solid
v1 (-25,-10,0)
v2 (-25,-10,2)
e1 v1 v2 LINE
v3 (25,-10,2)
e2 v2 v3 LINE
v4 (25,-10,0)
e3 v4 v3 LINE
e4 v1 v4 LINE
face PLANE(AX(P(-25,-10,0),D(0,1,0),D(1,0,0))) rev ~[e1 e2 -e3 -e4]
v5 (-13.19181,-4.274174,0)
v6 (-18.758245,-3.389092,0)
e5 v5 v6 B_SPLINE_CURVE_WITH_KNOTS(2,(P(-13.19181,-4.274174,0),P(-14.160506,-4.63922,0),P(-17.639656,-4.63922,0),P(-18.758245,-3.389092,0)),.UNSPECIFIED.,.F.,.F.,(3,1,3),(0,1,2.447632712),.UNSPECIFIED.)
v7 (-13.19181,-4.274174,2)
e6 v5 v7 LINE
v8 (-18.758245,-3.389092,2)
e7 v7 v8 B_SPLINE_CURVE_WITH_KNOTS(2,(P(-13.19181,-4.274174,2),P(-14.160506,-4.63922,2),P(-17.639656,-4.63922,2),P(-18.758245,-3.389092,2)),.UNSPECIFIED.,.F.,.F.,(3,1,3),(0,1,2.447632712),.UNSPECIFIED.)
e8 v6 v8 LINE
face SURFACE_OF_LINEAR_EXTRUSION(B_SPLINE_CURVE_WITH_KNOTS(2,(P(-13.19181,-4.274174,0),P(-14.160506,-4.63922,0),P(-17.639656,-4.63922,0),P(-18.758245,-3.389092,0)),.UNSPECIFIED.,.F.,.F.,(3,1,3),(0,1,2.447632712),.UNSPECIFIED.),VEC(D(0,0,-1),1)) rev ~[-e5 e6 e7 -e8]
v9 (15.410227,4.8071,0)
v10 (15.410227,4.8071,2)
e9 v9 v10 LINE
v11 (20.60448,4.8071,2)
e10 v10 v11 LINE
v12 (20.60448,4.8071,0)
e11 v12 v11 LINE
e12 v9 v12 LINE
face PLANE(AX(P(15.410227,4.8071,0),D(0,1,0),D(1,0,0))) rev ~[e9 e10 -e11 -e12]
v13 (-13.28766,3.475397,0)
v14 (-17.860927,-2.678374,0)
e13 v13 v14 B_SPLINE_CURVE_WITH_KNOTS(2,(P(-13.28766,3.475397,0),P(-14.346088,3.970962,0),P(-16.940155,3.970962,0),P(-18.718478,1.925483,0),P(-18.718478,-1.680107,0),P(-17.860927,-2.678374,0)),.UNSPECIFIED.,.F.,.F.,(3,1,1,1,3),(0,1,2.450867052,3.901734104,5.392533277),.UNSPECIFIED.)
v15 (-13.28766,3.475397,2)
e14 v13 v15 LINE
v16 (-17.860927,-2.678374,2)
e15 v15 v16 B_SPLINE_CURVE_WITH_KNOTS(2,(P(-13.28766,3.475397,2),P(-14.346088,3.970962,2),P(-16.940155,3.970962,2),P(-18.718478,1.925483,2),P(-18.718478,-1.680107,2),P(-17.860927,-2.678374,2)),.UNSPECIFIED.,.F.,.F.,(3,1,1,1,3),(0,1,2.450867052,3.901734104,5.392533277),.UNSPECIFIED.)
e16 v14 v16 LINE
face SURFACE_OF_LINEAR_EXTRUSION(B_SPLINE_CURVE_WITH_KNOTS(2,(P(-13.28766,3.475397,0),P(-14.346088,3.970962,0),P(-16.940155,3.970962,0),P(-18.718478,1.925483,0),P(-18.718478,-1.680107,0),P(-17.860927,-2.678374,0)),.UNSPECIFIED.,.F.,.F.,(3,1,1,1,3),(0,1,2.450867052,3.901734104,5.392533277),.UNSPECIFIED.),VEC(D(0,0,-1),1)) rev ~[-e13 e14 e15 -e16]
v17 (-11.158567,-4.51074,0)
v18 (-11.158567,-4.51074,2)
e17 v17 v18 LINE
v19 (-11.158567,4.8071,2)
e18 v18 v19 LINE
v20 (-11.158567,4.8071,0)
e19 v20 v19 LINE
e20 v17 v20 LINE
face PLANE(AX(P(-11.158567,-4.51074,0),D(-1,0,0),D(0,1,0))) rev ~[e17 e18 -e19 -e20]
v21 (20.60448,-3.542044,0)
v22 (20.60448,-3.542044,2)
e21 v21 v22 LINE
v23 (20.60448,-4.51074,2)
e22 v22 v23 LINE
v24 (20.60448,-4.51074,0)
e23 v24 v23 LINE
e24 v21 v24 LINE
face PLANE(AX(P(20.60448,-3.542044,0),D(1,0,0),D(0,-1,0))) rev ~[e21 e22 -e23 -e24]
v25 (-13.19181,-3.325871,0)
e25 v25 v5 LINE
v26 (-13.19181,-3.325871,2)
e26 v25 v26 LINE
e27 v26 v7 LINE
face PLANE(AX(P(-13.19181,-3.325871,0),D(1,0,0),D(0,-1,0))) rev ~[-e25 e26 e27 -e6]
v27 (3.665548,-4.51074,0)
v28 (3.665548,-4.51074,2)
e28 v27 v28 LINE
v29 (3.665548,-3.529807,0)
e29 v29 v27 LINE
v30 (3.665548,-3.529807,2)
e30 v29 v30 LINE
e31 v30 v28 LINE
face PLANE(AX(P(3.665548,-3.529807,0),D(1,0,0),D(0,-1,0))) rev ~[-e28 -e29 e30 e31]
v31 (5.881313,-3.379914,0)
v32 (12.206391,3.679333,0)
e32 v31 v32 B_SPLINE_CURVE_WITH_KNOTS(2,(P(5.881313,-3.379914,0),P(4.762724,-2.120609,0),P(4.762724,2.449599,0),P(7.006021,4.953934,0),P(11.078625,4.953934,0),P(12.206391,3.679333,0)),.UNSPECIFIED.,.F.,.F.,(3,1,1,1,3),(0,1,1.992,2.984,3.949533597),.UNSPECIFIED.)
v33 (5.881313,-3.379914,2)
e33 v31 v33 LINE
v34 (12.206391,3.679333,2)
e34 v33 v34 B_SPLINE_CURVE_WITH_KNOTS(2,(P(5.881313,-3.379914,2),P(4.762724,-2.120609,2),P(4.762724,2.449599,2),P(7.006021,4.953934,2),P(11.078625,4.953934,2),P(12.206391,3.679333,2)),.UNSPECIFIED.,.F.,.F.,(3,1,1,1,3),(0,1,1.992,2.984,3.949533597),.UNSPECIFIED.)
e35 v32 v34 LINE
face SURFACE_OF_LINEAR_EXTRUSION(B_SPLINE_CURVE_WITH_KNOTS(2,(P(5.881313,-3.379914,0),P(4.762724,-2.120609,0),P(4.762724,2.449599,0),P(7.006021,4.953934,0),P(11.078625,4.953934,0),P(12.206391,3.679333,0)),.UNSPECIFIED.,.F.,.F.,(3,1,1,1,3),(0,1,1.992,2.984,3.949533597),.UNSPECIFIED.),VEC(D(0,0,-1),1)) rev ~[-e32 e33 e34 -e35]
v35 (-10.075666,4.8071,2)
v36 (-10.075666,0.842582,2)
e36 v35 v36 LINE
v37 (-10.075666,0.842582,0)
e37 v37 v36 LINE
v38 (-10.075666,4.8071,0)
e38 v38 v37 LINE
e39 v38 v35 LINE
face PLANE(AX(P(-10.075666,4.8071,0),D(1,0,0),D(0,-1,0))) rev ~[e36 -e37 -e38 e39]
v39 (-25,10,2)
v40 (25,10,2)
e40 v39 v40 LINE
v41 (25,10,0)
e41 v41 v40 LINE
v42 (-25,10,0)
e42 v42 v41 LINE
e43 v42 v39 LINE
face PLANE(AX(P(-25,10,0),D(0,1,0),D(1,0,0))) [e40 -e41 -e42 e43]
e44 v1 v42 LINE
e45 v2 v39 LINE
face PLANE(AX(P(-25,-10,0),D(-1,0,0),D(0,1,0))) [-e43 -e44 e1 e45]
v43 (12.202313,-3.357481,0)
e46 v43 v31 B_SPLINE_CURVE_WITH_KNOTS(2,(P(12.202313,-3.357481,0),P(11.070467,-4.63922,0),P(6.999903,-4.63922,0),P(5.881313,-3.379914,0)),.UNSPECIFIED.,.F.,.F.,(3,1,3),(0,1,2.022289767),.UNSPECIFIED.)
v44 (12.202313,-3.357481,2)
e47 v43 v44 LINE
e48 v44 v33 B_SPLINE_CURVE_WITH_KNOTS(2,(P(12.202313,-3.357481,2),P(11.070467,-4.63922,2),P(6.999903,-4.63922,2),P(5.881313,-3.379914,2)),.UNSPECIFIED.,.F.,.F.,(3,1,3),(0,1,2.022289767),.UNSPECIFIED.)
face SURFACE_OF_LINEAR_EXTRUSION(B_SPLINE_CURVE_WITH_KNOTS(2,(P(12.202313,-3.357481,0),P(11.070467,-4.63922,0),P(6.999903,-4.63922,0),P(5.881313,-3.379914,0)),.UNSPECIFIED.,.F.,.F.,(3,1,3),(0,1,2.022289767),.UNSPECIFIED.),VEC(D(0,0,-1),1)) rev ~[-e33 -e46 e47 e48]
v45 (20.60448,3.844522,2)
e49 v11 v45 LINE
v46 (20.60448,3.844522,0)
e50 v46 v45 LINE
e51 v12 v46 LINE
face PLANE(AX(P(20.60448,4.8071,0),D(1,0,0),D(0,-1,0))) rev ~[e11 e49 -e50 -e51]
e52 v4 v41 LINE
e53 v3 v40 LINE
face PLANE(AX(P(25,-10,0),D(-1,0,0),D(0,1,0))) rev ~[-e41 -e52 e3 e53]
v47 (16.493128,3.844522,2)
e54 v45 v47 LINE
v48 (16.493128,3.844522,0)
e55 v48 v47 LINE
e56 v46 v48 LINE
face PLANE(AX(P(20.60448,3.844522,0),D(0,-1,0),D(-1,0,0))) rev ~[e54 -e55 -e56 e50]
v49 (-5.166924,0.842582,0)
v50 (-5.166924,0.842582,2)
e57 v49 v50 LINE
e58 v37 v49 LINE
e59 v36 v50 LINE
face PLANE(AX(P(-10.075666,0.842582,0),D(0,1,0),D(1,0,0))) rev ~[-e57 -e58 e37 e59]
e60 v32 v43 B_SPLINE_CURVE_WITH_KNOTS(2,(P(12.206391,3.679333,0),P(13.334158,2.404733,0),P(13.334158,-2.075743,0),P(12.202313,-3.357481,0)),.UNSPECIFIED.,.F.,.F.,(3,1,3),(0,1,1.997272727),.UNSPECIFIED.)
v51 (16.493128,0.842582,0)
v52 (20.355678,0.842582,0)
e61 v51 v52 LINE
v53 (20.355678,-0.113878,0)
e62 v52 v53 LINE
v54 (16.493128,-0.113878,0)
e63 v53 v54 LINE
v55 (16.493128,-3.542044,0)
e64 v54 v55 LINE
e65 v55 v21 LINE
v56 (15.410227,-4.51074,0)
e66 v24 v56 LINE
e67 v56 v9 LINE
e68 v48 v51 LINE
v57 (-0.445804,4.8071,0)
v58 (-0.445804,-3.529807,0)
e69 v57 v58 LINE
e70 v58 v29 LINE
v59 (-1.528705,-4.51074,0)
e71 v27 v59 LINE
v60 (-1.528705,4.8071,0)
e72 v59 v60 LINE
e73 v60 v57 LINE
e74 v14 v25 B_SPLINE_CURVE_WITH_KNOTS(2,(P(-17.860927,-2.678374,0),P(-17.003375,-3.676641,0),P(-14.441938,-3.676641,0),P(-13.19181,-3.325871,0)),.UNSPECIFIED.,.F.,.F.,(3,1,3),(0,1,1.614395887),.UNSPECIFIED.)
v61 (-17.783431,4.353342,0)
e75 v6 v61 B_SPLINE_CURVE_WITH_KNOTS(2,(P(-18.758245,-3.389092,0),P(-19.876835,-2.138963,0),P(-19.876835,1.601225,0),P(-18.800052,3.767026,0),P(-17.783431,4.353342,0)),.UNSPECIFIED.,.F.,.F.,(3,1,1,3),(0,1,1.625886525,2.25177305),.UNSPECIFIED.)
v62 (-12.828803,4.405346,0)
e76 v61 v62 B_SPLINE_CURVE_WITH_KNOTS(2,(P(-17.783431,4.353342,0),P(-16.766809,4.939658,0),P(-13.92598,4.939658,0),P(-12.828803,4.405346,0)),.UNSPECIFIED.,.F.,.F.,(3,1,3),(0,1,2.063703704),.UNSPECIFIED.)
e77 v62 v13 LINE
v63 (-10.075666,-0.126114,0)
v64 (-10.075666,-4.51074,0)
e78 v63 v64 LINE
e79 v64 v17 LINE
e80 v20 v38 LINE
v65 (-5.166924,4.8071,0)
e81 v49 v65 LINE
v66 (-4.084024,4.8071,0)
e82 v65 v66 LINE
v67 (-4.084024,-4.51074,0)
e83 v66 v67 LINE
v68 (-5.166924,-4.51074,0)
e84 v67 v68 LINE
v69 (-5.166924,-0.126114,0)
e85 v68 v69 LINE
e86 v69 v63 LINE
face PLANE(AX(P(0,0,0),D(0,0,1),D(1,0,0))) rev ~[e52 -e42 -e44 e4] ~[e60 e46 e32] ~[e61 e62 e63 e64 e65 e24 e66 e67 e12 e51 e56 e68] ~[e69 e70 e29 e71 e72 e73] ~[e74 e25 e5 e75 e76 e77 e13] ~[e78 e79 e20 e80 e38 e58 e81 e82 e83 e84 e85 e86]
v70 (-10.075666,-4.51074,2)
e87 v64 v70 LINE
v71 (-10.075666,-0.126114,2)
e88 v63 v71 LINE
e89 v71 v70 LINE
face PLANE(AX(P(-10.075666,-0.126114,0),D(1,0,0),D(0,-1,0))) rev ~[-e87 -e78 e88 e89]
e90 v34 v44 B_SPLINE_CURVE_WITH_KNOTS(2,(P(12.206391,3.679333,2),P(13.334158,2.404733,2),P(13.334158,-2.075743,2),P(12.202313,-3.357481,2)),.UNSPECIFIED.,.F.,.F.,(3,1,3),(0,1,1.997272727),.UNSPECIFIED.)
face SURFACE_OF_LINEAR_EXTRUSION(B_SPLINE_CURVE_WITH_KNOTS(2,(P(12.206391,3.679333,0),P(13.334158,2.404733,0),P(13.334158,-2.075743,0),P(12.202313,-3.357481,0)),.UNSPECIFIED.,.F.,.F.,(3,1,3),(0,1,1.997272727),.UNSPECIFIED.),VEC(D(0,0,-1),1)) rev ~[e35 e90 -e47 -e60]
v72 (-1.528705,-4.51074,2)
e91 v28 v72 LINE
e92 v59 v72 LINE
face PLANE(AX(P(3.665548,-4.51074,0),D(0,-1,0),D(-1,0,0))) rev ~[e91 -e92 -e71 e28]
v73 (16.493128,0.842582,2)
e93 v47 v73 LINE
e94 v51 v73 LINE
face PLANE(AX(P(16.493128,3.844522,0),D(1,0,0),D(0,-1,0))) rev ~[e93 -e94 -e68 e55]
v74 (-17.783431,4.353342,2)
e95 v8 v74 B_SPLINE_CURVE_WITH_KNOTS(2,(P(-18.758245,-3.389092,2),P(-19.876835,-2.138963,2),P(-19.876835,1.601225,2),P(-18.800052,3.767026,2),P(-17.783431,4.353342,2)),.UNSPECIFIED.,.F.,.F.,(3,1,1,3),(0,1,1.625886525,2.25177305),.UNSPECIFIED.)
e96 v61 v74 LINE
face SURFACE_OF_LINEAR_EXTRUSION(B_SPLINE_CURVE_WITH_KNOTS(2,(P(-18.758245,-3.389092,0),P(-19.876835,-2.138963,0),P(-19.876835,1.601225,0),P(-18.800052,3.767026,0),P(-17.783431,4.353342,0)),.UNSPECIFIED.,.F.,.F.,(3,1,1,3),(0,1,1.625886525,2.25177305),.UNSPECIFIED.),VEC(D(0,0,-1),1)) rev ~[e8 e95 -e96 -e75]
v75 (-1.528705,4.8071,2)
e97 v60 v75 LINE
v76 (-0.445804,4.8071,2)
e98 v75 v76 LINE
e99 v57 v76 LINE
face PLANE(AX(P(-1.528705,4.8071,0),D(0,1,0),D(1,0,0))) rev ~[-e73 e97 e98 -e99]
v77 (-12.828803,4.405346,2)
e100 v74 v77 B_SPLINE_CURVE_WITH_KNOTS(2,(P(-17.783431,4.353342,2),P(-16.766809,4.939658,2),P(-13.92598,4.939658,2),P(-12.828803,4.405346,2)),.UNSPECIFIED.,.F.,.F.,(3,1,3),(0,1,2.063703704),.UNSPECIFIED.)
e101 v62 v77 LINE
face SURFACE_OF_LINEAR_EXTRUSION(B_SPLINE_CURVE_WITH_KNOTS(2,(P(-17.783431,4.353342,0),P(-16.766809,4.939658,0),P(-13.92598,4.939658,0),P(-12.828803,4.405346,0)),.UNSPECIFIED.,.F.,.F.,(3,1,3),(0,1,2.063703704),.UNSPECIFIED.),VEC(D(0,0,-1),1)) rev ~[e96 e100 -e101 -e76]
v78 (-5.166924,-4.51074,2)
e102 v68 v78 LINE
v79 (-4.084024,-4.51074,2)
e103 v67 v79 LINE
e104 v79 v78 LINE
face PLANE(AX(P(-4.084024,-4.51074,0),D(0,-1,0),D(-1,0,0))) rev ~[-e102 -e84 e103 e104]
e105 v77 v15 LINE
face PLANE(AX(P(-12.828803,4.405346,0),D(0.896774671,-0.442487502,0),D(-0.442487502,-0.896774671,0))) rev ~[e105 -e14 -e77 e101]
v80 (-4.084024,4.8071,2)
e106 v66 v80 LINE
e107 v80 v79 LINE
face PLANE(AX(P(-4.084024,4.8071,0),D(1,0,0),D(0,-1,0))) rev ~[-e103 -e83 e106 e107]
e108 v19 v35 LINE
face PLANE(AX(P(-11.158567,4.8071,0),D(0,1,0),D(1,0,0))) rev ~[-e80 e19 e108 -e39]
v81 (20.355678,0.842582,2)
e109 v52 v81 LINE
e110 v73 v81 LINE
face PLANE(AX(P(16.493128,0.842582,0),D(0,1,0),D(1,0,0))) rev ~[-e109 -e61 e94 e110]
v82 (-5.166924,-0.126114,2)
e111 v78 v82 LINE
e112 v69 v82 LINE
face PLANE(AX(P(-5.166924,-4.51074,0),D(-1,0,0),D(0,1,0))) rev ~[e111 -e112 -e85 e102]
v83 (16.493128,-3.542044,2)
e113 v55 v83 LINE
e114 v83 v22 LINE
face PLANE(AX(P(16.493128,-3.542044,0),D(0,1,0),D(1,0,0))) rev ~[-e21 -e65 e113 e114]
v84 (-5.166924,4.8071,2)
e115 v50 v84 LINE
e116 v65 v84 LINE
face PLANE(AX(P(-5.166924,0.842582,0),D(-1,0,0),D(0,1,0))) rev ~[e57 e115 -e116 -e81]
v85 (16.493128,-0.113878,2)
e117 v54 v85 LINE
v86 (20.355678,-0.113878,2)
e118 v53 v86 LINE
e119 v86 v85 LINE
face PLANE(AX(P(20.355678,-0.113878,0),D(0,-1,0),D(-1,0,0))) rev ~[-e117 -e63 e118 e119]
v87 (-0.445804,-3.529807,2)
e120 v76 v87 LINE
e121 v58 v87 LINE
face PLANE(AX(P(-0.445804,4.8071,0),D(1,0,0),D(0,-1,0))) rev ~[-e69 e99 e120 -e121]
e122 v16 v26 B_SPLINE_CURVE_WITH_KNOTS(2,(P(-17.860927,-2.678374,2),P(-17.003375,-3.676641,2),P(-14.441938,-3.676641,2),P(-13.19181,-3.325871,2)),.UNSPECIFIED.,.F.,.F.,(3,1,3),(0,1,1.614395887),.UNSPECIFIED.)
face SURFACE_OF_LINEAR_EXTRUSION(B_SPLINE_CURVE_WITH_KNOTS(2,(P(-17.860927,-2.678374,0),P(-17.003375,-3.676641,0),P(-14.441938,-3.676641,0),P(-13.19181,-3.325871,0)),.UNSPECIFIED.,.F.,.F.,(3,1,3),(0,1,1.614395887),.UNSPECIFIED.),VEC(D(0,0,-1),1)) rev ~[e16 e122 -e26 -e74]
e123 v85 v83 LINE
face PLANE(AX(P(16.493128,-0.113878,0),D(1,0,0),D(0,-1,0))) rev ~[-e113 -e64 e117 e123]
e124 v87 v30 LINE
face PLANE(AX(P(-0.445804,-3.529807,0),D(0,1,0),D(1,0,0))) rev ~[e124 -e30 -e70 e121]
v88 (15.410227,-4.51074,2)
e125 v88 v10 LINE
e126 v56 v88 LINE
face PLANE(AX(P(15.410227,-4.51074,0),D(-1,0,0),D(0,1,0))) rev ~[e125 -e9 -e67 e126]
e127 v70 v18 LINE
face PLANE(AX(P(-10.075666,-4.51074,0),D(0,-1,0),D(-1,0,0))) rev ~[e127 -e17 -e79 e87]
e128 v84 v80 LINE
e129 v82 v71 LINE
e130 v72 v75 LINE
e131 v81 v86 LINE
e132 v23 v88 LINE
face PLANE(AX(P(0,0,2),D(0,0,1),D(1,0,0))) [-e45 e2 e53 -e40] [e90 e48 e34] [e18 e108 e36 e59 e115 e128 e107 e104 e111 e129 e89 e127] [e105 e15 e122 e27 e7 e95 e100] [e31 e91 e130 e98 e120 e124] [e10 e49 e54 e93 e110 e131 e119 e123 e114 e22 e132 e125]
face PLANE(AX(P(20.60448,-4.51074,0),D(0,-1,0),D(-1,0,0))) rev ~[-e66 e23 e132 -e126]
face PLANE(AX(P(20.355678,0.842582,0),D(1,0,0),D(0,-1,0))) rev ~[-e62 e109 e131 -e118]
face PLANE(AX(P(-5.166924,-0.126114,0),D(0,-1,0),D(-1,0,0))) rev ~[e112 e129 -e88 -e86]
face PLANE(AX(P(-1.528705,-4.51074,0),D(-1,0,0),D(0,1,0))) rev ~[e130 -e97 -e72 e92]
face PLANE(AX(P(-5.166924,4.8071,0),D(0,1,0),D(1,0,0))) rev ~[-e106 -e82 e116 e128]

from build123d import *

# Parameters (mm, degrees)
F0_W     = 50
F0_H     = 20
F1_DEPTH = 2


with BuildPart() as f1:
    # F0 (on Top) → F1 (new body)
    with BuildSketch(Plane.XY):
        Rectangle(F0_W, F0_H)
        with BuildLine():
            add(Edge.make_bspline(
                [(-13.2876596552, 3.4753973501), (-14.3460879777, 3.970962056), (-15.4045163003, 3.970962056)],
                knots=[0, 0, 0, 1, 1, 1], degree=2))
            add(Edge.make_bspline(
                [(-15.4045163003, 3.970962056), (-16.9401550804, 3.970962056), (-17.8293164458, 2.9482225497)],
                knots=[0, 0, 0, 1, 1, 1], degree=2))
            add(Edge.make_bspline(
                [(-17.8293164458, 2.9482225497), (-18.7184778112, 1.9254830434), (-18.7184778112, 0.1471603126)],
                knots=[0, 0, 0, 1, 1, 1], degree=2))
            add(Edge.make_bspline(
                [(-18.7184778112, 0.1471603126), (-18.7184778112, -1.6801070805), (-17.8609265403, -2.6783742556)],
                knots=[0, 0, 0, 1, 1, 1], degree=2))
            add(Edge.make_bspline(
                [(-17.8609265403, -2.6783742556), (-17.0033752693, -3.6766414308), (-15.4167524659, -3.6766414308)],
                knots=[0, 0, 0, 1, 1, 1], degree=2))
            add(Edge.make_bspline(
                [(-15.4167524659, -3.6766414308), (-14.4419379414, -3.6766414308), (-13.1918096915, -3.3258713508)],
                knots=[0, 0, 0, 1, 1, 1], degree=2))
            Line((-13.1918096915, -3.3258713508), (-13.1918096915, -4.2741741832))
            add(Edge.make_bspline(
                [(-13.1918096915, -4.2741741832), (-14.1605061331, -4.6392197896), (-15.5819407012, -4.6392197896)],
                knots=[0, 0, 0, 1, 1, 1], degree=2))
            add(Edge.make_bspline(
                [(-15.5819407012, -4.6392197896), (-17.6396558794, -4.6392197896), (-18.7582453494, -3.3890915397)],
                knots=[0, 0, 0, 1, 1, 1], degree=2))
            add(Edge.make_bspline(
                [(-18.7582453494, -3.3890915397), (-19.8768348194, -2.1389632897), (-19.8768348194, 0.1614358391)],
                knots=[0, 0, 0, 1, 1, 1], degree=2))
            add(Edge.make_bspline(
                [(-19.8768348194, 0.1614358391), (-19.8768348194, 1.6012246556), (-19.3384435339, 2.6841253093)],
                knots=[0, 0, 0, 1, 1, 1], degree=2))
            add(Edge.make_bspline(
                [(-19.3384435339, 2.6841253093), (-18.8000522484, 3.767025963), (-17.7834308249, 4.3533422304)],
                knots=[0, 0, 0, 1, 1, 1], degree=2))
            add(Edge.make_bspline(
                [(-17.7834308249, 4.3533422304), (-16.7668094014, 4.9396584977), (-15.3902407738, 4.9396584977)],
                knots=[0, 0, 0, 1, 1, 1], degree=2))
            add(Edge.make_bspline(
                [(-15.3902407738, 4.9396584977), (-13.9259796262, 4.9396584977), (-12.828803446, 4.4053459341)],
                knots=[0, 0, 0, 1, 1, 1], degree=2))
            Line((-12.828803446, 4.4053459341), (-13.2876596552, 3.4753973501))
        make_face(mode=Mode.SUBTRACT)
        Polygon((-4.0840237789, 4.8071000372), (-4.0840237789, -4.510740051), (-5.1669244327, -4.510740051), (-5.1669244327, -0.126114052), (-10.0756661907, -0.126114052), (-10.0756661907, -4.510740051), (-11.1585668444, -4.510740051), (-11.1585668444, 4.8071000372), (-10.0756661907, 4.8071000372), (-10.0756661907, 0.8425823897), (-5.1669244327, 0.8425823897), (-5.1669244327, 4.8071000372), align=None, mode=Mode.SUBTRACT)
        Polygon((3.6655477543, -4.510740051), (-1.5287045339, -4.510740051), (-1.5287045339, 4.8071000372), (-0.4458038802, 4.8071000372), (-0.4458038802, -3.5298074438), (3.6655477543, -3.5298074438), align=None, mode=Mode.SUBTRACT)
        with BuildLine():
            add(Edge.make_bspline(
                [(12.2063913284, 3.6793334431), (13.3341579225, 2.4047328619), (13.3341579225, 0.1614358391)],
                knots=[0, 0, 0, 1, 1, 1], degree=2))
            add(Edge.make_bspline(
                [(13.3341579225, 0.1614358391), (13.3341579225, -2.0757431009), (12.2023126065, -3.3574814452)],
                knots=[0, 0, 0, 1, 1, 1], degree=2))
            add(Edge.make_bspline(
                [(12.2023126065, -3.3574814452), (11.0704672905, -4.6392197896), (9.0576180527, -4.6392197896)],
                knots=[0, 0, 0, 1, 1, 1], degree=2))
            add(Edge.make_bspline(
                [(9.0576180527, -4.6392197896), (6.9999028746, -4.6392197896), (5.8813134046, -3.3799144155)],
                knots=[0, 0, 0, 1, 1, 1], degree=2))
            add(Edge.make_bspline(
                [(5.8813134046, -3.3799144155), (4.7627239346, -2.1206090413), (4.7627239346, 0.1736720047)],
                knots=[0, 0, 0, 1, 1, 1], degree=2))
            add(Edge.make_bspline(
                [(4.7627239346, 0.1736720047), (4.7627239346, 2.4495988024), (5.884372446, 3.7017664133)],
                knots=[0, 0, 0, 1, 1, 1], degree=2))
            add(Edge.make_bspline(
                [(5.884372446, 3.7017664133), (7.0060209574, 4.9539340242), (9.0698542183, 4.9539340242)],
                knots=[0, 0, 0, 1, 1, 1], degree=2))
            add(Edge.make_bspline(
                [(9.0698542183, 4.9539340242), (11.0786247342, 4.9539340242), (12.2063913284, 3.6793334431)],
                knots=[0, 0, 0, 1, 1, 1], degree=2))
        make_face(mode=Mode.SUBTRACT)
        Polygon((20.6044796373, -3.5420436094), (20.6044796373, -4.510740051), (15.4102273491, -4.510740051), (15.4102273491, 4.8071000372), (20.6044796373, 4.8071000372), (20.6044796373, 3.8445216784), (16.4931280028, 3.8445216784), (16.4931280028, 0.8425823897), (20.3556776039, 0.8425823897), (20.3556776039, -0.1138778864), (16.4931280028, -0.1138778864), (16.4931280028, -3.5420436094), align=None, mode=Mode.SUBTRACT)
    extrude(amount=F1_DEPTH)


solid = f1.part
